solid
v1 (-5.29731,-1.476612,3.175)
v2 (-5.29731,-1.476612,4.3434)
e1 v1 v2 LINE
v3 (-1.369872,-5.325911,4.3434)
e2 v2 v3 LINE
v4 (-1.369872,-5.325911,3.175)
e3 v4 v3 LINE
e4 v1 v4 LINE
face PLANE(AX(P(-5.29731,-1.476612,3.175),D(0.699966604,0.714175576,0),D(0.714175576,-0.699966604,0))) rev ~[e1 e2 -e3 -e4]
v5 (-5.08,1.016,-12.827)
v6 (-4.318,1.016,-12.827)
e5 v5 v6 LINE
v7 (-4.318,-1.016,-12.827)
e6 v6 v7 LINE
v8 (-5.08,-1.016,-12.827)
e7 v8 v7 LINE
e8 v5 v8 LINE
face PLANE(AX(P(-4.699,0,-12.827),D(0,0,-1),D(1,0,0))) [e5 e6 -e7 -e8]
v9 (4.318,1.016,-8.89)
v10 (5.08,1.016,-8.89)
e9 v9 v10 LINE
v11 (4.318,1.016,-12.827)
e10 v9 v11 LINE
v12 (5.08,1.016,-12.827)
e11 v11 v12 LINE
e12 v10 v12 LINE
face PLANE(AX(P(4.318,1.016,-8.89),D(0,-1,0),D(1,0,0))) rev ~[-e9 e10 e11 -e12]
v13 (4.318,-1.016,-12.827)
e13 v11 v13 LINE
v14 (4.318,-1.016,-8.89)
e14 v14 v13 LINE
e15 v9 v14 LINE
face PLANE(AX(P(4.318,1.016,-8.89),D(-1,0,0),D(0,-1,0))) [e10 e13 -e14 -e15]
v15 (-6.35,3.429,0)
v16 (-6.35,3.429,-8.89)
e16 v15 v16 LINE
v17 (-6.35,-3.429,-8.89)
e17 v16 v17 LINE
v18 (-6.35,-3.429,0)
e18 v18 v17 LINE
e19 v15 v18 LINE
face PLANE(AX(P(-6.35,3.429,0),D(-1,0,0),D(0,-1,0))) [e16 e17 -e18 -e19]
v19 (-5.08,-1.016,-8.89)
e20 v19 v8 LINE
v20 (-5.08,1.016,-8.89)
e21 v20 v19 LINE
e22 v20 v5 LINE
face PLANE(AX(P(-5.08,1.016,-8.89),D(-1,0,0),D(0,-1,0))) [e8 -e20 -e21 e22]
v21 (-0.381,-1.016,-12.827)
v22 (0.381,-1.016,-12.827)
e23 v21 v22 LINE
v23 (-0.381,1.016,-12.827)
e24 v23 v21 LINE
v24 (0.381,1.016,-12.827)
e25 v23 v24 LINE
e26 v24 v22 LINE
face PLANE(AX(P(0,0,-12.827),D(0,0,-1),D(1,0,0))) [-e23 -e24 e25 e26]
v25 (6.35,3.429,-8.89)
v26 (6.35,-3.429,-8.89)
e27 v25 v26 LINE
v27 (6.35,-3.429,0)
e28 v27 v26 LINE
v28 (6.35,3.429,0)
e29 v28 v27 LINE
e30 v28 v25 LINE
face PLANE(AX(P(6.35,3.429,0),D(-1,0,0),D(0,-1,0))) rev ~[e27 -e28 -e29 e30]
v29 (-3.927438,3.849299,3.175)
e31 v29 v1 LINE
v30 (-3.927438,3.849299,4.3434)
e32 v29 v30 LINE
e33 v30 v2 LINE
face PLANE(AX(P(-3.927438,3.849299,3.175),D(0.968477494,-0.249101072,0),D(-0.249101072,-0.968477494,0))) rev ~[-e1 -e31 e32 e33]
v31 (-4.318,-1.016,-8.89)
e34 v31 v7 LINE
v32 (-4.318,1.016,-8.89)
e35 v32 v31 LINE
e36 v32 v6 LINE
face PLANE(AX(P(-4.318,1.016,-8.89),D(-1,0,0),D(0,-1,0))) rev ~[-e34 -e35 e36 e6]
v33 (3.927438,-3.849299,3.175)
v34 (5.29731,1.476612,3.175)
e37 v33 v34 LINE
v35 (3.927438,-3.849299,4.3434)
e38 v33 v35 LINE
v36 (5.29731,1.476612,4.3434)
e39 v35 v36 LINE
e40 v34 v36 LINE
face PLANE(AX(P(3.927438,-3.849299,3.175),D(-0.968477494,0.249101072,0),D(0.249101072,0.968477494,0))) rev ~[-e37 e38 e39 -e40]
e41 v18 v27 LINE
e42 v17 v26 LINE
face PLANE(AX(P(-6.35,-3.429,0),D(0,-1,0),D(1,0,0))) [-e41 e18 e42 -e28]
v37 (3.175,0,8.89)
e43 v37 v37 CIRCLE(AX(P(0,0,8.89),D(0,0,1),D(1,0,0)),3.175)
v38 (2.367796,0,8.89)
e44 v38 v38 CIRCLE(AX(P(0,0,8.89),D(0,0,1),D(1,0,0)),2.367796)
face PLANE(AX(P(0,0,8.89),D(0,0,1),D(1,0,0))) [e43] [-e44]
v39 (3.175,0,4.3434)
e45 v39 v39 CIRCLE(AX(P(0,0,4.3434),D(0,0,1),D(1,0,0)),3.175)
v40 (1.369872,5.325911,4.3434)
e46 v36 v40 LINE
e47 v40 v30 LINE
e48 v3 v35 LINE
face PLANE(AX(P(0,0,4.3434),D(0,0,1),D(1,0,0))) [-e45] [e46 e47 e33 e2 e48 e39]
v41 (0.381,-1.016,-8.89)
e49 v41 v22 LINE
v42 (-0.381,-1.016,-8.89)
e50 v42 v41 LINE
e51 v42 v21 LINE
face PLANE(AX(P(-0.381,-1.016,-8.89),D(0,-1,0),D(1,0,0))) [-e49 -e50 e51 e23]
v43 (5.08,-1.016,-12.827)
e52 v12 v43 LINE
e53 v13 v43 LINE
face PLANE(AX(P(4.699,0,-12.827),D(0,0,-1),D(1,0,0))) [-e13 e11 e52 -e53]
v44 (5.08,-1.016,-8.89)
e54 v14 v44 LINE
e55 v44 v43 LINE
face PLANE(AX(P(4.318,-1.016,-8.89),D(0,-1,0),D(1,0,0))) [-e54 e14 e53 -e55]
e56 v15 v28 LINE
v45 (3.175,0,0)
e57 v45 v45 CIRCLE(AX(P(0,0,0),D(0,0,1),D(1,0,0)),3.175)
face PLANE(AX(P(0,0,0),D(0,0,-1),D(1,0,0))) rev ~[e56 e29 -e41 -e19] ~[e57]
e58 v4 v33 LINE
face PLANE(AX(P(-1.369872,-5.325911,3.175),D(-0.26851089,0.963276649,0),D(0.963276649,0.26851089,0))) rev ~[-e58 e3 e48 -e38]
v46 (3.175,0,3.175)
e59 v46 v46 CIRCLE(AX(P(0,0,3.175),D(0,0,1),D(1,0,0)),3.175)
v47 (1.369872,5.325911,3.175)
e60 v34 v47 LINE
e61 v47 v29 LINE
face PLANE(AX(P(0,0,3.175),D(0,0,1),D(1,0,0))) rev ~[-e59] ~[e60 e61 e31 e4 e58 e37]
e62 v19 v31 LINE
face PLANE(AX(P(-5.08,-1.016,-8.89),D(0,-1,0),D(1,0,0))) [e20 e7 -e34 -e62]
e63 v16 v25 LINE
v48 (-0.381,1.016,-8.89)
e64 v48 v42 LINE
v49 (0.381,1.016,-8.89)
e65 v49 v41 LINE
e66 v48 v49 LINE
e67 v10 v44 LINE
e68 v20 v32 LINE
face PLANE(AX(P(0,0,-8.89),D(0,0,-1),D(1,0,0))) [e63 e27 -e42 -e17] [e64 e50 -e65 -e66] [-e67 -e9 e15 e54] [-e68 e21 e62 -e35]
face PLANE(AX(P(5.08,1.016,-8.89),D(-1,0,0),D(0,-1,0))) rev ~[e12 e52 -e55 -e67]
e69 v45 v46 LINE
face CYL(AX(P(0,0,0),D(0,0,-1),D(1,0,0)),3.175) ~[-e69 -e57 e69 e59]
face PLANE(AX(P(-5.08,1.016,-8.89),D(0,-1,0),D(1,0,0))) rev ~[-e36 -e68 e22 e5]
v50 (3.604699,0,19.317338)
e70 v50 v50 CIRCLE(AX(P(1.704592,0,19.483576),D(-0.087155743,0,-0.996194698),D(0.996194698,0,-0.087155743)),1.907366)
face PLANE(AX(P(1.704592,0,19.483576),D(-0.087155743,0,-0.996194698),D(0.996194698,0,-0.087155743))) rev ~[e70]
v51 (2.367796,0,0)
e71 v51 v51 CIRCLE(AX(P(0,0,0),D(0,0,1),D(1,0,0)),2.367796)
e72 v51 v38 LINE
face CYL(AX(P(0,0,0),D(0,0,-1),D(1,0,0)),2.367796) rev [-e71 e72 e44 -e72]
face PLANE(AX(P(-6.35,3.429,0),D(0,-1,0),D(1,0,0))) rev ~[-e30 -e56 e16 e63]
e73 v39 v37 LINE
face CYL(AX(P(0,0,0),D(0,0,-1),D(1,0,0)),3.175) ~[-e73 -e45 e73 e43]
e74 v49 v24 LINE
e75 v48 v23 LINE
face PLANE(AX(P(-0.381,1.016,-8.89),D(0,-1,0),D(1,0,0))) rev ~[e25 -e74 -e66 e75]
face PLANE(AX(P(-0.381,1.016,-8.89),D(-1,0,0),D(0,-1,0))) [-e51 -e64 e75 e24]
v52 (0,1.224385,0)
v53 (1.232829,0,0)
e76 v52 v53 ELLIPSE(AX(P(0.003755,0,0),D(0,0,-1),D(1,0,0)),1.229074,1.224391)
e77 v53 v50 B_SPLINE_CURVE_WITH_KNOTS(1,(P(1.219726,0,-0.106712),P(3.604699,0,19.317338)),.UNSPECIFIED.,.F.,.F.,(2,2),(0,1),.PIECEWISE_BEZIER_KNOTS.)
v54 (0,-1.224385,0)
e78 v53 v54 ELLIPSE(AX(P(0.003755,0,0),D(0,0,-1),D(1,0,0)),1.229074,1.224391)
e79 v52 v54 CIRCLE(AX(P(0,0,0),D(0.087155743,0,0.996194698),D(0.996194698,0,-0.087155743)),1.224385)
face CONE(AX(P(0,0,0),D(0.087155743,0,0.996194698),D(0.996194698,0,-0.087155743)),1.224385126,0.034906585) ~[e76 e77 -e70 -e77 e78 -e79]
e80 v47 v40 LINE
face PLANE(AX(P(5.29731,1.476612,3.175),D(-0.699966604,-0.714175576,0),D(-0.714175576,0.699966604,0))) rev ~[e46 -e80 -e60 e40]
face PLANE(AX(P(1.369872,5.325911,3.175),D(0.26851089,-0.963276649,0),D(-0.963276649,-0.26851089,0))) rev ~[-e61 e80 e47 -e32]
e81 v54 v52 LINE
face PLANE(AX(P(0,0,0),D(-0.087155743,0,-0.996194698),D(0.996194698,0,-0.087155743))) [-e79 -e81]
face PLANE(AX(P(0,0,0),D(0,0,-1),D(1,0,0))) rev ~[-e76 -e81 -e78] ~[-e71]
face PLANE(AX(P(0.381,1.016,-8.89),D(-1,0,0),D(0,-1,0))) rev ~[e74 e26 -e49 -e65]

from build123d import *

# Parameters (mm, degrees)
F0_R      = 3.175
F0_R_2    = 2.3677964523
F1_DEPTH  = 8.89
F2_W      = 12.7
F2_H      = 6.858
F3_DEPTH  = 8.89
F4_W      = 0.762
F4_H      = 2.032
F5_DEPTH  = 3.937
F7_R      = 3.175
F8_DEPTH  = 1.1684
F11_R     = 1.2243851264
F12_DEPTH = 19.558
F12_TAPER = -2


with BuildPart() as f1:
    # F0 (on Top) → F1 (new body)
    with BuildSketch(Plane.XY):
        Circle(F0_R)
        Circle(F0_R_2, mode=Mode.SUBTRACT)
    extrude(amount=F1_DEPTH)

    # F2 (on face) → F3 (join)
    with BuildSketch(Plane(origin=(0, 0, 0), x_dir=(1, 0, 0), z_dir=(0, 0, -1))):
        Rectangle(F2_W, F2_H)
    extrude(amount=F3_DEPTH)

    # F4 (on face) → F5 (join)
    with BuildSketch(Plane(origin=(0, 0, -8.89), x_dir=(1, 0, 0), z_dir=(0, 0, -1))):
        with Locations((-4.699, 0)):
            Rectangle(F4_W, F4_H)
        Rectangle(F4_W, F4_H)
        with Locations((4.699, 0)):
            Rectangle(F4_W, F4_H)
    extrude(amount=F5_DEPTH)

    # F7 (on offset) → F8 (join)
    with BuildSketch(Plane.XY.offset(3.175)):
        Polygon((-5.297310009, -1.4766115498), (-1.3698718908, -5.3259108144), (3.9274381181, -3.8492992646), (5.297310009, 1.4766115498), (1.3698718908, 5.3259108144), (-3.9274381181, 3.8492992646), align=None)
        Circle(F7_R, mode=Mode.SUBTRACT)
    extrude(amount=F8_DEPTH)

    # F11 (on line) → F12 (join)
    with BuildSketch(Plane(origin=(0, 0, 0), x_dir=(0.9961946981, 0, -0.0871557427), z_dir=(-0.0871557427, 0, -0.9961946981))):
        Circle(F11_R)
    extrude(amount=-F12_DEPTH, taper=F12_TAPER)


solid = f1.part
